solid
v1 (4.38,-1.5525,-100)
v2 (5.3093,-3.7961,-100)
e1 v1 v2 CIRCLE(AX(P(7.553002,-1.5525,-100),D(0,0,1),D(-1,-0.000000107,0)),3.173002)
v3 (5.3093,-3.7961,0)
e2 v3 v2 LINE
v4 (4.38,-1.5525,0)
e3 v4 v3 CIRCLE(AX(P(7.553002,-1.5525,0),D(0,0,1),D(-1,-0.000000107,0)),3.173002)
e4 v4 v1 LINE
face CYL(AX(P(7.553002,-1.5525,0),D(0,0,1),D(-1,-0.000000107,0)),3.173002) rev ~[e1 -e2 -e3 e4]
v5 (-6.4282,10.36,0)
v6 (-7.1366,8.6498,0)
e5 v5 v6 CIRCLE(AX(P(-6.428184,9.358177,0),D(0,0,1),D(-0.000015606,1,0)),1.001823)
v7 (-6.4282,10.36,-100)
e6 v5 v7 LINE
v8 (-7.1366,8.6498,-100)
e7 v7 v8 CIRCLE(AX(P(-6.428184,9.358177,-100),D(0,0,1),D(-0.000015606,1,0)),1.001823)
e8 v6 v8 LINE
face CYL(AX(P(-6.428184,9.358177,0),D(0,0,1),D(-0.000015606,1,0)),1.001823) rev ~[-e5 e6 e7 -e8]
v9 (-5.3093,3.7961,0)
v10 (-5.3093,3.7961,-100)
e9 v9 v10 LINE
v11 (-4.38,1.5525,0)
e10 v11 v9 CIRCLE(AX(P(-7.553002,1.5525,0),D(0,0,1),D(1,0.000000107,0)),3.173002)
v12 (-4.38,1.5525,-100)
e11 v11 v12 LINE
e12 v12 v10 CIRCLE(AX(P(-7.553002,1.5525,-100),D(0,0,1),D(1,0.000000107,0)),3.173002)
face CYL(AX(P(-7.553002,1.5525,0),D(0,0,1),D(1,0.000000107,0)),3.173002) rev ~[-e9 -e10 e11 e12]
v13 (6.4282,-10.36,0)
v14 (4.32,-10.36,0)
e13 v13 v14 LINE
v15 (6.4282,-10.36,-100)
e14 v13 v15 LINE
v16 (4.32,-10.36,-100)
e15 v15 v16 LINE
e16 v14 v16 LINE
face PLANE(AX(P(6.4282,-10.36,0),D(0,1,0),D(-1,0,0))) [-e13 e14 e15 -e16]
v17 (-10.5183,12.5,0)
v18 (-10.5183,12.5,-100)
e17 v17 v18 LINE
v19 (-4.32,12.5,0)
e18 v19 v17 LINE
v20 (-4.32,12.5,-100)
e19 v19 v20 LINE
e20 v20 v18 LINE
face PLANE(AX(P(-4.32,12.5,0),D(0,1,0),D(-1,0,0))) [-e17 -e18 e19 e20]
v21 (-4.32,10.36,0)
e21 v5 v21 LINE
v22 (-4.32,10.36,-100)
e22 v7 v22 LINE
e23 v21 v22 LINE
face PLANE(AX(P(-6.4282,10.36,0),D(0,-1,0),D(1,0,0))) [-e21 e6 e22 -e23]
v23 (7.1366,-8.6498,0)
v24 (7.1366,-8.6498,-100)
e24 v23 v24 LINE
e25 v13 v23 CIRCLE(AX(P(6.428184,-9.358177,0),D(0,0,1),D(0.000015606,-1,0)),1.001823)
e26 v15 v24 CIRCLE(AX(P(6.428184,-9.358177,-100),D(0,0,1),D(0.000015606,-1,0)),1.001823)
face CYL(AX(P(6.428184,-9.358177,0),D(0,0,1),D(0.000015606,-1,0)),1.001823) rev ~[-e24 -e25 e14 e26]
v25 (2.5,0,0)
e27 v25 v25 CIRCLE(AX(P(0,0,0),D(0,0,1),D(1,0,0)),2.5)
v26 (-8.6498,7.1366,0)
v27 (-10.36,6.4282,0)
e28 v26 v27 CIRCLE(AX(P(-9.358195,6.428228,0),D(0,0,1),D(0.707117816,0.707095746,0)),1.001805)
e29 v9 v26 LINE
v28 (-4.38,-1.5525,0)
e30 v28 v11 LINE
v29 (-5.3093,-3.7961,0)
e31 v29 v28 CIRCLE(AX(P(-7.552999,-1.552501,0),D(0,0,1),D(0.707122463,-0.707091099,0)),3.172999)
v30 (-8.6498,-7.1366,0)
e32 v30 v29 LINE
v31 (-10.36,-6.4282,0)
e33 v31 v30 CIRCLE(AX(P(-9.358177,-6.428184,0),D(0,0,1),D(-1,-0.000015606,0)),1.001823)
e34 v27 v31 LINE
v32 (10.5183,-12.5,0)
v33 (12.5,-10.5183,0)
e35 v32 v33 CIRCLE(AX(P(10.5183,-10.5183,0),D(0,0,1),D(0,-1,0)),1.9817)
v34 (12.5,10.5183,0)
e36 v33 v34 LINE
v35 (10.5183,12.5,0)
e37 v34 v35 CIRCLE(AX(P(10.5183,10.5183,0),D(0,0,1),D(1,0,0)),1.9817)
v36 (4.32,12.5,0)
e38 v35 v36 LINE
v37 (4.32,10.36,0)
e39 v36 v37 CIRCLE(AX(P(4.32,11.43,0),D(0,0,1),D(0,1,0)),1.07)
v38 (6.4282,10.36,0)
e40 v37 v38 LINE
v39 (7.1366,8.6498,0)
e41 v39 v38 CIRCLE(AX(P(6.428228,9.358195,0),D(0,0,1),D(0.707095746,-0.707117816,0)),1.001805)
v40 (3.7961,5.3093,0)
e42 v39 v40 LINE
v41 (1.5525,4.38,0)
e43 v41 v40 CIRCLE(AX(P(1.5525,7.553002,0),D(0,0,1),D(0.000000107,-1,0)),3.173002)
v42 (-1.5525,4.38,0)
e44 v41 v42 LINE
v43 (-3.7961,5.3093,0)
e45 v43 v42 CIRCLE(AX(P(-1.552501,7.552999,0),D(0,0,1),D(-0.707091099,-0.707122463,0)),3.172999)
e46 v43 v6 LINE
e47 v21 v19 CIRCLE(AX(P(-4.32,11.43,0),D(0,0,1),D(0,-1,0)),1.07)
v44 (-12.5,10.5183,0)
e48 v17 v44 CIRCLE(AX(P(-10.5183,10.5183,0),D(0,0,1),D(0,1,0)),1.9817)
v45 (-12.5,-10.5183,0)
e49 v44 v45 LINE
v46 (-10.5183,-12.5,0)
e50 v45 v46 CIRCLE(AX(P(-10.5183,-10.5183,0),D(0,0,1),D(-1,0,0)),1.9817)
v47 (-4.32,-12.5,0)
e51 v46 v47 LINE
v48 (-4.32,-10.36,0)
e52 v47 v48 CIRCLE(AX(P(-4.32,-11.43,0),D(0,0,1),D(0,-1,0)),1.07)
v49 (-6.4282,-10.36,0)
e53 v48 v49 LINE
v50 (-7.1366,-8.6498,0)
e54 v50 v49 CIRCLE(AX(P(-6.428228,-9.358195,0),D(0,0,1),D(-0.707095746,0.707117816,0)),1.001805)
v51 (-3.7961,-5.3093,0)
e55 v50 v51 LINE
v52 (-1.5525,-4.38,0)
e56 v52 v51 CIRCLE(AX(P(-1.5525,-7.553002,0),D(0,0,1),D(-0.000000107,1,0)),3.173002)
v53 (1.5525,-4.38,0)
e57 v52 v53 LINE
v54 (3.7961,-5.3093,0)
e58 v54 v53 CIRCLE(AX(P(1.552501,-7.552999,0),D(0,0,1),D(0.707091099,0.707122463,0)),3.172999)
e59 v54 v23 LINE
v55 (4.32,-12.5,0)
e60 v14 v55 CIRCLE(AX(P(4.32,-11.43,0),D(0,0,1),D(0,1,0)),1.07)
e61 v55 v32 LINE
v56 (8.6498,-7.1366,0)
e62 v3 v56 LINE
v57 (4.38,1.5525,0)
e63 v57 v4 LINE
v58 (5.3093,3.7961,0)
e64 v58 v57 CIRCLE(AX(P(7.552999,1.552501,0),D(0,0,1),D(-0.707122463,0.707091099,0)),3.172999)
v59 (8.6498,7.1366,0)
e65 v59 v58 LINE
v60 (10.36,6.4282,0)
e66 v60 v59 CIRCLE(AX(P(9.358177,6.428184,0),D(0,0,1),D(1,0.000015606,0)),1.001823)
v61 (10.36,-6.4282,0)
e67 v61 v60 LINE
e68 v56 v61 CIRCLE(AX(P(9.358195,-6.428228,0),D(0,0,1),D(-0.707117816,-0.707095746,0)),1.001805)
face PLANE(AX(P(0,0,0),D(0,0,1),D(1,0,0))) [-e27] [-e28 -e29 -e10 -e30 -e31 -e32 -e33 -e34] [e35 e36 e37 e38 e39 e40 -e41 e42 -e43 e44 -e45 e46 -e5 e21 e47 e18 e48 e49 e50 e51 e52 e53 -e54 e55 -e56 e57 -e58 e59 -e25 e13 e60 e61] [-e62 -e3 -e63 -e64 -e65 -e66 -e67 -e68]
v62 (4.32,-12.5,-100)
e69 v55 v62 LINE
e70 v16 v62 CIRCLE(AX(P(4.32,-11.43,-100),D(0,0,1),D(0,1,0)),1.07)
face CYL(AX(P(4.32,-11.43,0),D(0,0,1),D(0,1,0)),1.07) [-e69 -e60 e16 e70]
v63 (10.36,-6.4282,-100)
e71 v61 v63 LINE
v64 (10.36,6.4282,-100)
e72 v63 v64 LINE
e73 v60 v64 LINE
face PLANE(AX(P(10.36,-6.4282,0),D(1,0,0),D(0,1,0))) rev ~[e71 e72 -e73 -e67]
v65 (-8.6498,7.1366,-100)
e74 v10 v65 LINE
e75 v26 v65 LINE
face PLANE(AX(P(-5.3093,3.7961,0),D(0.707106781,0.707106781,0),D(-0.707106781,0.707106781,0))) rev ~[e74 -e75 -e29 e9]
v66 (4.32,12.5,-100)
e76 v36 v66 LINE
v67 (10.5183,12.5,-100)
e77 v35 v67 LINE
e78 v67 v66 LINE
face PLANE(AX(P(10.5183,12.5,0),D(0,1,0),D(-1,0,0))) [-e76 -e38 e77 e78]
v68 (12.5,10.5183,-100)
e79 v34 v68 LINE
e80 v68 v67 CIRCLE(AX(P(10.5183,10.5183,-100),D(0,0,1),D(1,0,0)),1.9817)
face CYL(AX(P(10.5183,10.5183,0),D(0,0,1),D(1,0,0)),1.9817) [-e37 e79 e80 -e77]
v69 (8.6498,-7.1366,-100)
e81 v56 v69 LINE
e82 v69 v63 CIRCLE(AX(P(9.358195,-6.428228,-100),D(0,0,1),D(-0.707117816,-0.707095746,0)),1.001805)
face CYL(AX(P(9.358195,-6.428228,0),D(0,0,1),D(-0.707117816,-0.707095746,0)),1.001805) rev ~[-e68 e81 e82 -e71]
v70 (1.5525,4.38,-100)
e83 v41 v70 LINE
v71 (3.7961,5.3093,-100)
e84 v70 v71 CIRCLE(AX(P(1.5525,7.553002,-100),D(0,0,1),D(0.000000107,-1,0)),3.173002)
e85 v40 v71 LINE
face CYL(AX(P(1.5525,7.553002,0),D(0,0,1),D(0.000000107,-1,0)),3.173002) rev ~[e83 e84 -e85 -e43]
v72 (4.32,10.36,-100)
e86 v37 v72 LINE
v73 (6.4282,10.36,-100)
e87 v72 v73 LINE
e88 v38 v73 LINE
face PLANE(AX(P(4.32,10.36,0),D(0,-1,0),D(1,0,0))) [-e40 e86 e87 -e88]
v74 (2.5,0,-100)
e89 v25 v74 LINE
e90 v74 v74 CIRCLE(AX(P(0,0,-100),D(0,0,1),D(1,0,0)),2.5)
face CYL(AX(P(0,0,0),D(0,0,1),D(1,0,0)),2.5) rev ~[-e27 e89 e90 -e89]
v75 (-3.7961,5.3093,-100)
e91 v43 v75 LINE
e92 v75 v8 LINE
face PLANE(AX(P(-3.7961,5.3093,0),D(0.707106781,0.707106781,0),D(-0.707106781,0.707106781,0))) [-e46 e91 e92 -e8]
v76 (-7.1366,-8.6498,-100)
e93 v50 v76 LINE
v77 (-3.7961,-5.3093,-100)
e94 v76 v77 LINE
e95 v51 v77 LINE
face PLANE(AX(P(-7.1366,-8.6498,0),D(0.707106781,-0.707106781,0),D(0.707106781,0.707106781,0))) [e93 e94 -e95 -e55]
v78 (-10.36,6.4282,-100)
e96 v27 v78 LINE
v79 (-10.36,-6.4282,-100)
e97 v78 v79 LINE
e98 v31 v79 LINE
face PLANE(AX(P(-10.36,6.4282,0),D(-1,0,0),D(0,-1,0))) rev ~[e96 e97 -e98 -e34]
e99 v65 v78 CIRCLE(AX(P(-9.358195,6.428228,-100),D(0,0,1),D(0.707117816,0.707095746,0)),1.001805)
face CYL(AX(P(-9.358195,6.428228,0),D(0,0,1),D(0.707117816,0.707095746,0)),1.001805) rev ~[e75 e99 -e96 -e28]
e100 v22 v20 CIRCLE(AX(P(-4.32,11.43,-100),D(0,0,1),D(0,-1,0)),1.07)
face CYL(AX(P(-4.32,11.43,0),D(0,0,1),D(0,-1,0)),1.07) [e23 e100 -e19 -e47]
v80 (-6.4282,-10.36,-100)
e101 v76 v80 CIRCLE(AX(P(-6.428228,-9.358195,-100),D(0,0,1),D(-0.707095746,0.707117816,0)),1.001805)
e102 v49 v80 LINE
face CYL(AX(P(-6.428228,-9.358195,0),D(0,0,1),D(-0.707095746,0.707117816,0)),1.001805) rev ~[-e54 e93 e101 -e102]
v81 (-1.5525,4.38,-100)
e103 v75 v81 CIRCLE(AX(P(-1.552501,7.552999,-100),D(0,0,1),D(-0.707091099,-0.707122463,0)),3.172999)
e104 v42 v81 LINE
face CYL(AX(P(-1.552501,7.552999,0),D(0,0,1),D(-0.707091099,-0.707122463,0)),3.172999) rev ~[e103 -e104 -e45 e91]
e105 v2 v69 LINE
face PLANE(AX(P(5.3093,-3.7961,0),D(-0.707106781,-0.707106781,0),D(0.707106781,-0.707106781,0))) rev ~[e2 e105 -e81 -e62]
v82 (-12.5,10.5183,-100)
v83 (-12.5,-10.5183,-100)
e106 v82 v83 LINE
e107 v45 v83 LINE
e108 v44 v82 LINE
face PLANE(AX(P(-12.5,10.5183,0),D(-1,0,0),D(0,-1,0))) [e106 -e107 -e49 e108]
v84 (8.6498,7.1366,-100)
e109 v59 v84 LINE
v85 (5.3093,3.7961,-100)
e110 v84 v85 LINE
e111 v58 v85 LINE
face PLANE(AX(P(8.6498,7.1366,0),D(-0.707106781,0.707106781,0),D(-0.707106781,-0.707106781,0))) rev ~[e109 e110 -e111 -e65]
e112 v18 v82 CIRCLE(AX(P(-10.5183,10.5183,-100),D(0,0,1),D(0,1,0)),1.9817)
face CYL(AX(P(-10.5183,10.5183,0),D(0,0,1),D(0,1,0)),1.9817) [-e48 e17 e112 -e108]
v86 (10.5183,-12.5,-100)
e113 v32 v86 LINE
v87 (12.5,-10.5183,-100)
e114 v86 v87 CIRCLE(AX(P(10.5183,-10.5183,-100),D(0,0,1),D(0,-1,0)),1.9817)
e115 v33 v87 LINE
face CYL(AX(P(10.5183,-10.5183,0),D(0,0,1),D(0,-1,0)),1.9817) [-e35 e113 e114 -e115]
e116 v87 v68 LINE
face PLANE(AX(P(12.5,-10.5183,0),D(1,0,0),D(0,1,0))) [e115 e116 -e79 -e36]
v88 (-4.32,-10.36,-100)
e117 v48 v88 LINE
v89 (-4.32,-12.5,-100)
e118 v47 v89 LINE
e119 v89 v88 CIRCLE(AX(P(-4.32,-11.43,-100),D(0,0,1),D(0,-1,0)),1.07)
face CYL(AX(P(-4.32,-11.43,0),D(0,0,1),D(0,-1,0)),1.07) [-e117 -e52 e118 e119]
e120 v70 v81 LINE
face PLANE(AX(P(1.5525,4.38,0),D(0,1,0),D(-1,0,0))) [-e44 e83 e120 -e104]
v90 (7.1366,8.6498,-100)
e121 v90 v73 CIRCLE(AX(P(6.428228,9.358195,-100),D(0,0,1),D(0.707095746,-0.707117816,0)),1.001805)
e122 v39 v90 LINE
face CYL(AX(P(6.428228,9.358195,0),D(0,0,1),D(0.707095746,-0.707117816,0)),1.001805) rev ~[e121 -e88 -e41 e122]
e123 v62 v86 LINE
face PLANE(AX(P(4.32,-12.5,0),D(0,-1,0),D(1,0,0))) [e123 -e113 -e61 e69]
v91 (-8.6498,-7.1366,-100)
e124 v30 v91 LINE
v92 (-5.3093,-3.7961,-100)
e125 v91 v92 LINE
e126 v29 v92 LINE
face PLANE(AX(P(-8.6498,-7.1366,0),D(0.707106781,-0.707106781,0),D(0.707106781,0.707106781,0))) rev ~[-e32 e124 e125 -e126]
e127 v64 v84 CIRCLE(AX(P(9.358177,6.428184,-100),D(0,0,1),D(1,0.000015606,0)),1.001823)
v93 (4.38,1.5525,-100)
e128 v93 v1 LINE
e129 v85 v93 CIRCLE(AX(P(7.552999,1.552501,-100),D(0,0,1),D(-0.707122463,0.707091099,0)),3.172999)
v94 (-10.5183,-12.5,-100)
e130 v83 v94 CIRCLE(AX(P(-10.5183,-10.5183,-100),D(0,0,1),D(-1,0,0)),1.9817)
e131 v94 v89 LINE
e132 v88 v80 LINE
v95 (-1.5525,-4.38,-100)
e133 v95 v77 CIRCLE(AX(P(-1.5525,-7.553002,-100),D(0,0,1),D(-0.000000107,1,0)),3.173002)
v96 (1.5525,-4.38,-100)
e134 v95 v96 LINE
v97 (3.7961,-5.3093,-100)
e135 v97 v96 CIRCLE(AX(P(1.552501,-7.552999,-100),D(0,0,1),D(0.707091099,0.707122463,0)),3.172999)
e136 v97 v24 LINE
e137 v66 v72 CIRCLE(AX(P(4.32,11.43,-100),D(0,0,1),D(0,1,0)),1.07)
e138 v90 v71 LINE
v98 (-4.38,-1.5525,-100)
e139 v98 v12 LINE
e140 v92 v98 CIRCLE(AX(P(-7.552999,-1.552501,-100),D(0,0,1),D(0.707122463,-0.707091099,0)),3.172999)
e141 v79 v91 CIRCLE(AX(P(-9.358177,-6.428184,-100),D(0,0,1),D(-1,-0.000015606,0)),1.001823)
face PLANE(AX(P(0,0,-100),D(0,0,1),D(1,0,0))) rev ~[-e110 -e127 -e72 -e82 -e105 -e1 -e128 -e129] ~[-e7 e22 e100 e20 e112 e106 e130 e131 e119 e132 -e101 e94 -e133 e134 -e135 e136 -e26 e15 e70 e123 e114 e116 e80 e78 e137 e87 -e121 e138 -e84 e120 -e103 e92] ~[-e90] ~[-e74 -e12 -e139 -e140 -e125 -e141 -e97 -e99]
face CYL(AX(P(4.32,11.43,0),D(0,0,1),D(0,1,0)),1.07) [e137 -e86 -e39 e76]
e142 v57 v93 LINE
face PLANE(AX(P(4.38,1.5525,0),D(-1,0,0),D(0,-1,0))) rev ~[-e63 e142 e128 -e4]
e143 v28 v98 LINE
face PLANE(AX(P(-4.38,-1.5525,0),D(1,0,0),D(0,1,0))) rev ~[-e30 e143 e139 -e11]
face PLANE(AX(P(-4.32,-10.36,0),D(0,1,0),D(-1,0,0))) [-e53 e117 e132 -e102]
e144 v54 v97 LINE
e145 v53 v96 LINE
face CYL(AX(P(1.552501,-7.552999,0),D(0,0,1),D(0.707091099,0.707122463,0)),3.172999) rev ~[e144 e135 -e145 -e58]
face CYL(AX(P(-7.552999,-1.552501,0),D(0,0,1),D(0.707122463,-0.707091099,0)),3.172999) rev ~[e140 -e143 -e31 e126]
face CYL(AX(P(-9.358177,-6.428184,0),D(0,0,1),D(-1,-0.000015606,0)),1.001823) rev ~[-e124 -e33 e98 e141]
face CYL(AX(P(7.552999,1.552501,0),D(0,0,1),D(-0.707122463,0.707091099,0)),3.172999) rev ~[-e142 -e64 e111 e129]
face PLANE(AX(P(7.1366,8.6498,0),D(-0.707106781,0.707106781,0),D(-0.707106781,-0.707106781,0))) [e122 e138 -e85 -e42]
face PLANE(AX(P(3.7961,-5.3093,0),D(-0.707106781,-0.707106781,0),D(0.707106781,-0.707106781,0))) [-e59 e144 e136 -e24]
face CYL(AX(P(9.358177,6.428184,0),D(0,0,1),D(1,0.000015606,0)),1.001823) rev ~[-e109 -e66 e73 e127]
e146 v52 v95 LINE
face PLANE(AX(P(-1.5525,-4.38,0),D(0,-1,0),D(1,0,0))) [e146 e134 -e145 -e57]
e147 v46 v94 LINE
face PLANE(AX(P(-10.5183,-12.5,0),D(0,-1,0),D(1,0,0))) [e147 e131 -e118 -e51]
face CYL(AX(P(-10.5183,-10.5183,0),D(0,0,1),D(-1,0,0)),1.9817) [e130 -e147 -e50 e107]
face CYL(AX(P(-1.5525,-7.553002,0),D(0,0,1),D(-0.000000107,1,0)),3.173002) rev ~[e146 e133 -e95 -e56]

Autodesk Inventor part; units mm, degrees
ref_plane "YZ Plane" through (0, 0, 0) normal (1, 0, 0) x (0, 1, 0)
ref_plane "XZ Plane" through (0, 0, 0) normal (0, 1, 0) x (-1, 0, 0)
ref_plane "XY Plane" through (0, 0, 0) normal (0, 0, 1) x (1, 0, 0)
sketch "Sketch1" plane through (0, 0, 0) normal (0, 0, 1) x (1, 0, 0)
  arc A0 (-10.36, -6.4282) -> (-8.6498, -7.1366) centre (-9.3582, -6.4282) ccw
  line L0 (-10.36, 6.4282) -> (-10.36, -6.4282)
  arc A1 (-8.6498, 7.1366) -> (-10.36, 6.4282) centre (-9.3582, 6.4282) ccw
  line L1 (-5.3093, 3.7961) -> (-8.6498, 7.1366)
  arc A2 (-4.38, 1.5525) -> (-5.3093, 3.7961) centre (-7.553, 1.5525) ccw
  line L2 (-4.38, -1.5525) -> (-4.38, 1.5525)
  arc A3 (-5.3093, -3.7961) -> (-4.38, -1.5525) centre (-7.553, -1.5525) ccw
  line L3 (-8.6498, -7.1366) -> (-5.3093, -3.7961)
  arc A4 (8.6498, -7.1366) -> (10.36, -6.4282) centre (9.3582, -6.4282) ccw
  line L4 (5.3093, -3.7961) -> (8.6498, -7.1366)
  arc A5 (4.38, -1.5525) -> (5.3093, -3.7961) centre (7.553, -1.5525) ccw
  line L5 (4.38, 1.5525) -> (4.38, -1.5525)
  arc A6 (5.3093, 3.7961) -> (4.38, 1.5525) centre (7.553, 1.5525) ccw
  line L6 (8.6498, 7.1366) -> (5.3093, 3.7961)
  arc A7 (10.36, 6.4282) -> (8.6498, 7.1366) centre (9.3582, 6.4282) ccw
  line L7 (10.36, -6.4282) -> (10.36, 6.4282)
  circle A8 centre (0, 0) radius 2.5
  line L8 (-10.5183, -12.5) -> (-4.32, -12.5)
  arc A9 (-4.32, -12.5) -> (-4.32, -10.36) centre (-4.32, -11.43) ccw
  line L9 (-4.32, -10.36) -> (-6.4282, -10.36)
  arc A10 (-7.1366, -8.6498) -> (-6.4282, -10.36) centre (-6.4282, -9.3582) ccw
  line L10 (-7.1366, -8.6498) -> (-3.7961, -5.3093)
  arc A11 (-1.5525, -4.38) -> (-3.7961, -5.3093) centre (-1.5525, -7.553) ccw
  line L11 (-1.5525, -4.38) -> (1.5525, -4.38)
  arc A12 (3.7961, -5.3093) -> (1.5525, -4.38) centre (1.5525, -7.553) ccw
  line L12 (3.7961, -5.3093) -> (7.1366, -8.6498)
  arc A13 (6.4282, -10.36) -> (7.1366, -8.6498) centre (6.4282, -9.3582) ccw
  line L13 (6.4282, -10.36) -> (4.32, -10.36)
  arc A14 (4.32, -10.36) -> (4.32, -12.5) centre (4.32, -11.43) ccw
  line L14 (4.32, -12.5) -> (10.5183, -12.5)
  arc A15 (10.5183, -12.5) -> (12.5, -10.5183) centre (10.5183, -10.5183) ccw
  line L15 (12.5, -10.5183) -> (12.5, 10.5183)
  arc A16 (12.5, 10.5183) -> (10.5183, 12.5) centre (10.5183, 10.5183) ccw
  line L16 (10.5183, 12.5) -> (4.32, 12.5)
  arc A17 (4.32, 12.5) -> (4.32, 10.36) centre (4.32, 11.43) ccw
  line L17 (4.32, 10.36) -> (6.4282, 10.36)
  arc A18 (7.1366, 8.6498) -> (6.4282, 10.36) centre (6.4282, 9.3582) ccw
  line L18 (7.1366, 8.6498) -> (3.7961, 5.3093)
  arc A19 (1.5525, 4.38) -> (3.7961, 5.3093) centre (1.5525, 7.553) ccw
  line L19 (1.5525, 4.38) -> (-1.5525, 4.38)
  arc A20 (-3.7961, 5.3093) -> (-1.5525, 4.38) centre (-1.5525, 7.553) ccw
  line L20 (-3.7961, 5.3093) -> (-7.1366, 8.6498)
  arc A21 (-6.4282, 10.36) -> (-7.1366, 8.6498) centre (-6.4282, 9.3582) ccw
  line L21 (-6.4282, 10.36) -> (-4.32, 10.36)
  arc A22 (-4.32, 10.36) -> (-4.32, 12.5) centre (-4.32, 11.43) ccw
  line L22 (-4.32, 12.5) -> (-10.5183, 12.5)
  arc A23 (-10.5183, 12.5) -> (-12.5, 10.5183) centre (-10.5183, 10.5183) ccw
  line L23 (-12.5, 10.5183) -> (-12.5, -10.5183)
  arc A24 (-12.5, -10.5183) -> (-10.5183, -12.5) centre (-10.5183, -10.5183) ccw
extrude "Extrusion1" add sketch "Sketch1" against normal blind 100
properties part number "25-2504-BLACK-FB"
